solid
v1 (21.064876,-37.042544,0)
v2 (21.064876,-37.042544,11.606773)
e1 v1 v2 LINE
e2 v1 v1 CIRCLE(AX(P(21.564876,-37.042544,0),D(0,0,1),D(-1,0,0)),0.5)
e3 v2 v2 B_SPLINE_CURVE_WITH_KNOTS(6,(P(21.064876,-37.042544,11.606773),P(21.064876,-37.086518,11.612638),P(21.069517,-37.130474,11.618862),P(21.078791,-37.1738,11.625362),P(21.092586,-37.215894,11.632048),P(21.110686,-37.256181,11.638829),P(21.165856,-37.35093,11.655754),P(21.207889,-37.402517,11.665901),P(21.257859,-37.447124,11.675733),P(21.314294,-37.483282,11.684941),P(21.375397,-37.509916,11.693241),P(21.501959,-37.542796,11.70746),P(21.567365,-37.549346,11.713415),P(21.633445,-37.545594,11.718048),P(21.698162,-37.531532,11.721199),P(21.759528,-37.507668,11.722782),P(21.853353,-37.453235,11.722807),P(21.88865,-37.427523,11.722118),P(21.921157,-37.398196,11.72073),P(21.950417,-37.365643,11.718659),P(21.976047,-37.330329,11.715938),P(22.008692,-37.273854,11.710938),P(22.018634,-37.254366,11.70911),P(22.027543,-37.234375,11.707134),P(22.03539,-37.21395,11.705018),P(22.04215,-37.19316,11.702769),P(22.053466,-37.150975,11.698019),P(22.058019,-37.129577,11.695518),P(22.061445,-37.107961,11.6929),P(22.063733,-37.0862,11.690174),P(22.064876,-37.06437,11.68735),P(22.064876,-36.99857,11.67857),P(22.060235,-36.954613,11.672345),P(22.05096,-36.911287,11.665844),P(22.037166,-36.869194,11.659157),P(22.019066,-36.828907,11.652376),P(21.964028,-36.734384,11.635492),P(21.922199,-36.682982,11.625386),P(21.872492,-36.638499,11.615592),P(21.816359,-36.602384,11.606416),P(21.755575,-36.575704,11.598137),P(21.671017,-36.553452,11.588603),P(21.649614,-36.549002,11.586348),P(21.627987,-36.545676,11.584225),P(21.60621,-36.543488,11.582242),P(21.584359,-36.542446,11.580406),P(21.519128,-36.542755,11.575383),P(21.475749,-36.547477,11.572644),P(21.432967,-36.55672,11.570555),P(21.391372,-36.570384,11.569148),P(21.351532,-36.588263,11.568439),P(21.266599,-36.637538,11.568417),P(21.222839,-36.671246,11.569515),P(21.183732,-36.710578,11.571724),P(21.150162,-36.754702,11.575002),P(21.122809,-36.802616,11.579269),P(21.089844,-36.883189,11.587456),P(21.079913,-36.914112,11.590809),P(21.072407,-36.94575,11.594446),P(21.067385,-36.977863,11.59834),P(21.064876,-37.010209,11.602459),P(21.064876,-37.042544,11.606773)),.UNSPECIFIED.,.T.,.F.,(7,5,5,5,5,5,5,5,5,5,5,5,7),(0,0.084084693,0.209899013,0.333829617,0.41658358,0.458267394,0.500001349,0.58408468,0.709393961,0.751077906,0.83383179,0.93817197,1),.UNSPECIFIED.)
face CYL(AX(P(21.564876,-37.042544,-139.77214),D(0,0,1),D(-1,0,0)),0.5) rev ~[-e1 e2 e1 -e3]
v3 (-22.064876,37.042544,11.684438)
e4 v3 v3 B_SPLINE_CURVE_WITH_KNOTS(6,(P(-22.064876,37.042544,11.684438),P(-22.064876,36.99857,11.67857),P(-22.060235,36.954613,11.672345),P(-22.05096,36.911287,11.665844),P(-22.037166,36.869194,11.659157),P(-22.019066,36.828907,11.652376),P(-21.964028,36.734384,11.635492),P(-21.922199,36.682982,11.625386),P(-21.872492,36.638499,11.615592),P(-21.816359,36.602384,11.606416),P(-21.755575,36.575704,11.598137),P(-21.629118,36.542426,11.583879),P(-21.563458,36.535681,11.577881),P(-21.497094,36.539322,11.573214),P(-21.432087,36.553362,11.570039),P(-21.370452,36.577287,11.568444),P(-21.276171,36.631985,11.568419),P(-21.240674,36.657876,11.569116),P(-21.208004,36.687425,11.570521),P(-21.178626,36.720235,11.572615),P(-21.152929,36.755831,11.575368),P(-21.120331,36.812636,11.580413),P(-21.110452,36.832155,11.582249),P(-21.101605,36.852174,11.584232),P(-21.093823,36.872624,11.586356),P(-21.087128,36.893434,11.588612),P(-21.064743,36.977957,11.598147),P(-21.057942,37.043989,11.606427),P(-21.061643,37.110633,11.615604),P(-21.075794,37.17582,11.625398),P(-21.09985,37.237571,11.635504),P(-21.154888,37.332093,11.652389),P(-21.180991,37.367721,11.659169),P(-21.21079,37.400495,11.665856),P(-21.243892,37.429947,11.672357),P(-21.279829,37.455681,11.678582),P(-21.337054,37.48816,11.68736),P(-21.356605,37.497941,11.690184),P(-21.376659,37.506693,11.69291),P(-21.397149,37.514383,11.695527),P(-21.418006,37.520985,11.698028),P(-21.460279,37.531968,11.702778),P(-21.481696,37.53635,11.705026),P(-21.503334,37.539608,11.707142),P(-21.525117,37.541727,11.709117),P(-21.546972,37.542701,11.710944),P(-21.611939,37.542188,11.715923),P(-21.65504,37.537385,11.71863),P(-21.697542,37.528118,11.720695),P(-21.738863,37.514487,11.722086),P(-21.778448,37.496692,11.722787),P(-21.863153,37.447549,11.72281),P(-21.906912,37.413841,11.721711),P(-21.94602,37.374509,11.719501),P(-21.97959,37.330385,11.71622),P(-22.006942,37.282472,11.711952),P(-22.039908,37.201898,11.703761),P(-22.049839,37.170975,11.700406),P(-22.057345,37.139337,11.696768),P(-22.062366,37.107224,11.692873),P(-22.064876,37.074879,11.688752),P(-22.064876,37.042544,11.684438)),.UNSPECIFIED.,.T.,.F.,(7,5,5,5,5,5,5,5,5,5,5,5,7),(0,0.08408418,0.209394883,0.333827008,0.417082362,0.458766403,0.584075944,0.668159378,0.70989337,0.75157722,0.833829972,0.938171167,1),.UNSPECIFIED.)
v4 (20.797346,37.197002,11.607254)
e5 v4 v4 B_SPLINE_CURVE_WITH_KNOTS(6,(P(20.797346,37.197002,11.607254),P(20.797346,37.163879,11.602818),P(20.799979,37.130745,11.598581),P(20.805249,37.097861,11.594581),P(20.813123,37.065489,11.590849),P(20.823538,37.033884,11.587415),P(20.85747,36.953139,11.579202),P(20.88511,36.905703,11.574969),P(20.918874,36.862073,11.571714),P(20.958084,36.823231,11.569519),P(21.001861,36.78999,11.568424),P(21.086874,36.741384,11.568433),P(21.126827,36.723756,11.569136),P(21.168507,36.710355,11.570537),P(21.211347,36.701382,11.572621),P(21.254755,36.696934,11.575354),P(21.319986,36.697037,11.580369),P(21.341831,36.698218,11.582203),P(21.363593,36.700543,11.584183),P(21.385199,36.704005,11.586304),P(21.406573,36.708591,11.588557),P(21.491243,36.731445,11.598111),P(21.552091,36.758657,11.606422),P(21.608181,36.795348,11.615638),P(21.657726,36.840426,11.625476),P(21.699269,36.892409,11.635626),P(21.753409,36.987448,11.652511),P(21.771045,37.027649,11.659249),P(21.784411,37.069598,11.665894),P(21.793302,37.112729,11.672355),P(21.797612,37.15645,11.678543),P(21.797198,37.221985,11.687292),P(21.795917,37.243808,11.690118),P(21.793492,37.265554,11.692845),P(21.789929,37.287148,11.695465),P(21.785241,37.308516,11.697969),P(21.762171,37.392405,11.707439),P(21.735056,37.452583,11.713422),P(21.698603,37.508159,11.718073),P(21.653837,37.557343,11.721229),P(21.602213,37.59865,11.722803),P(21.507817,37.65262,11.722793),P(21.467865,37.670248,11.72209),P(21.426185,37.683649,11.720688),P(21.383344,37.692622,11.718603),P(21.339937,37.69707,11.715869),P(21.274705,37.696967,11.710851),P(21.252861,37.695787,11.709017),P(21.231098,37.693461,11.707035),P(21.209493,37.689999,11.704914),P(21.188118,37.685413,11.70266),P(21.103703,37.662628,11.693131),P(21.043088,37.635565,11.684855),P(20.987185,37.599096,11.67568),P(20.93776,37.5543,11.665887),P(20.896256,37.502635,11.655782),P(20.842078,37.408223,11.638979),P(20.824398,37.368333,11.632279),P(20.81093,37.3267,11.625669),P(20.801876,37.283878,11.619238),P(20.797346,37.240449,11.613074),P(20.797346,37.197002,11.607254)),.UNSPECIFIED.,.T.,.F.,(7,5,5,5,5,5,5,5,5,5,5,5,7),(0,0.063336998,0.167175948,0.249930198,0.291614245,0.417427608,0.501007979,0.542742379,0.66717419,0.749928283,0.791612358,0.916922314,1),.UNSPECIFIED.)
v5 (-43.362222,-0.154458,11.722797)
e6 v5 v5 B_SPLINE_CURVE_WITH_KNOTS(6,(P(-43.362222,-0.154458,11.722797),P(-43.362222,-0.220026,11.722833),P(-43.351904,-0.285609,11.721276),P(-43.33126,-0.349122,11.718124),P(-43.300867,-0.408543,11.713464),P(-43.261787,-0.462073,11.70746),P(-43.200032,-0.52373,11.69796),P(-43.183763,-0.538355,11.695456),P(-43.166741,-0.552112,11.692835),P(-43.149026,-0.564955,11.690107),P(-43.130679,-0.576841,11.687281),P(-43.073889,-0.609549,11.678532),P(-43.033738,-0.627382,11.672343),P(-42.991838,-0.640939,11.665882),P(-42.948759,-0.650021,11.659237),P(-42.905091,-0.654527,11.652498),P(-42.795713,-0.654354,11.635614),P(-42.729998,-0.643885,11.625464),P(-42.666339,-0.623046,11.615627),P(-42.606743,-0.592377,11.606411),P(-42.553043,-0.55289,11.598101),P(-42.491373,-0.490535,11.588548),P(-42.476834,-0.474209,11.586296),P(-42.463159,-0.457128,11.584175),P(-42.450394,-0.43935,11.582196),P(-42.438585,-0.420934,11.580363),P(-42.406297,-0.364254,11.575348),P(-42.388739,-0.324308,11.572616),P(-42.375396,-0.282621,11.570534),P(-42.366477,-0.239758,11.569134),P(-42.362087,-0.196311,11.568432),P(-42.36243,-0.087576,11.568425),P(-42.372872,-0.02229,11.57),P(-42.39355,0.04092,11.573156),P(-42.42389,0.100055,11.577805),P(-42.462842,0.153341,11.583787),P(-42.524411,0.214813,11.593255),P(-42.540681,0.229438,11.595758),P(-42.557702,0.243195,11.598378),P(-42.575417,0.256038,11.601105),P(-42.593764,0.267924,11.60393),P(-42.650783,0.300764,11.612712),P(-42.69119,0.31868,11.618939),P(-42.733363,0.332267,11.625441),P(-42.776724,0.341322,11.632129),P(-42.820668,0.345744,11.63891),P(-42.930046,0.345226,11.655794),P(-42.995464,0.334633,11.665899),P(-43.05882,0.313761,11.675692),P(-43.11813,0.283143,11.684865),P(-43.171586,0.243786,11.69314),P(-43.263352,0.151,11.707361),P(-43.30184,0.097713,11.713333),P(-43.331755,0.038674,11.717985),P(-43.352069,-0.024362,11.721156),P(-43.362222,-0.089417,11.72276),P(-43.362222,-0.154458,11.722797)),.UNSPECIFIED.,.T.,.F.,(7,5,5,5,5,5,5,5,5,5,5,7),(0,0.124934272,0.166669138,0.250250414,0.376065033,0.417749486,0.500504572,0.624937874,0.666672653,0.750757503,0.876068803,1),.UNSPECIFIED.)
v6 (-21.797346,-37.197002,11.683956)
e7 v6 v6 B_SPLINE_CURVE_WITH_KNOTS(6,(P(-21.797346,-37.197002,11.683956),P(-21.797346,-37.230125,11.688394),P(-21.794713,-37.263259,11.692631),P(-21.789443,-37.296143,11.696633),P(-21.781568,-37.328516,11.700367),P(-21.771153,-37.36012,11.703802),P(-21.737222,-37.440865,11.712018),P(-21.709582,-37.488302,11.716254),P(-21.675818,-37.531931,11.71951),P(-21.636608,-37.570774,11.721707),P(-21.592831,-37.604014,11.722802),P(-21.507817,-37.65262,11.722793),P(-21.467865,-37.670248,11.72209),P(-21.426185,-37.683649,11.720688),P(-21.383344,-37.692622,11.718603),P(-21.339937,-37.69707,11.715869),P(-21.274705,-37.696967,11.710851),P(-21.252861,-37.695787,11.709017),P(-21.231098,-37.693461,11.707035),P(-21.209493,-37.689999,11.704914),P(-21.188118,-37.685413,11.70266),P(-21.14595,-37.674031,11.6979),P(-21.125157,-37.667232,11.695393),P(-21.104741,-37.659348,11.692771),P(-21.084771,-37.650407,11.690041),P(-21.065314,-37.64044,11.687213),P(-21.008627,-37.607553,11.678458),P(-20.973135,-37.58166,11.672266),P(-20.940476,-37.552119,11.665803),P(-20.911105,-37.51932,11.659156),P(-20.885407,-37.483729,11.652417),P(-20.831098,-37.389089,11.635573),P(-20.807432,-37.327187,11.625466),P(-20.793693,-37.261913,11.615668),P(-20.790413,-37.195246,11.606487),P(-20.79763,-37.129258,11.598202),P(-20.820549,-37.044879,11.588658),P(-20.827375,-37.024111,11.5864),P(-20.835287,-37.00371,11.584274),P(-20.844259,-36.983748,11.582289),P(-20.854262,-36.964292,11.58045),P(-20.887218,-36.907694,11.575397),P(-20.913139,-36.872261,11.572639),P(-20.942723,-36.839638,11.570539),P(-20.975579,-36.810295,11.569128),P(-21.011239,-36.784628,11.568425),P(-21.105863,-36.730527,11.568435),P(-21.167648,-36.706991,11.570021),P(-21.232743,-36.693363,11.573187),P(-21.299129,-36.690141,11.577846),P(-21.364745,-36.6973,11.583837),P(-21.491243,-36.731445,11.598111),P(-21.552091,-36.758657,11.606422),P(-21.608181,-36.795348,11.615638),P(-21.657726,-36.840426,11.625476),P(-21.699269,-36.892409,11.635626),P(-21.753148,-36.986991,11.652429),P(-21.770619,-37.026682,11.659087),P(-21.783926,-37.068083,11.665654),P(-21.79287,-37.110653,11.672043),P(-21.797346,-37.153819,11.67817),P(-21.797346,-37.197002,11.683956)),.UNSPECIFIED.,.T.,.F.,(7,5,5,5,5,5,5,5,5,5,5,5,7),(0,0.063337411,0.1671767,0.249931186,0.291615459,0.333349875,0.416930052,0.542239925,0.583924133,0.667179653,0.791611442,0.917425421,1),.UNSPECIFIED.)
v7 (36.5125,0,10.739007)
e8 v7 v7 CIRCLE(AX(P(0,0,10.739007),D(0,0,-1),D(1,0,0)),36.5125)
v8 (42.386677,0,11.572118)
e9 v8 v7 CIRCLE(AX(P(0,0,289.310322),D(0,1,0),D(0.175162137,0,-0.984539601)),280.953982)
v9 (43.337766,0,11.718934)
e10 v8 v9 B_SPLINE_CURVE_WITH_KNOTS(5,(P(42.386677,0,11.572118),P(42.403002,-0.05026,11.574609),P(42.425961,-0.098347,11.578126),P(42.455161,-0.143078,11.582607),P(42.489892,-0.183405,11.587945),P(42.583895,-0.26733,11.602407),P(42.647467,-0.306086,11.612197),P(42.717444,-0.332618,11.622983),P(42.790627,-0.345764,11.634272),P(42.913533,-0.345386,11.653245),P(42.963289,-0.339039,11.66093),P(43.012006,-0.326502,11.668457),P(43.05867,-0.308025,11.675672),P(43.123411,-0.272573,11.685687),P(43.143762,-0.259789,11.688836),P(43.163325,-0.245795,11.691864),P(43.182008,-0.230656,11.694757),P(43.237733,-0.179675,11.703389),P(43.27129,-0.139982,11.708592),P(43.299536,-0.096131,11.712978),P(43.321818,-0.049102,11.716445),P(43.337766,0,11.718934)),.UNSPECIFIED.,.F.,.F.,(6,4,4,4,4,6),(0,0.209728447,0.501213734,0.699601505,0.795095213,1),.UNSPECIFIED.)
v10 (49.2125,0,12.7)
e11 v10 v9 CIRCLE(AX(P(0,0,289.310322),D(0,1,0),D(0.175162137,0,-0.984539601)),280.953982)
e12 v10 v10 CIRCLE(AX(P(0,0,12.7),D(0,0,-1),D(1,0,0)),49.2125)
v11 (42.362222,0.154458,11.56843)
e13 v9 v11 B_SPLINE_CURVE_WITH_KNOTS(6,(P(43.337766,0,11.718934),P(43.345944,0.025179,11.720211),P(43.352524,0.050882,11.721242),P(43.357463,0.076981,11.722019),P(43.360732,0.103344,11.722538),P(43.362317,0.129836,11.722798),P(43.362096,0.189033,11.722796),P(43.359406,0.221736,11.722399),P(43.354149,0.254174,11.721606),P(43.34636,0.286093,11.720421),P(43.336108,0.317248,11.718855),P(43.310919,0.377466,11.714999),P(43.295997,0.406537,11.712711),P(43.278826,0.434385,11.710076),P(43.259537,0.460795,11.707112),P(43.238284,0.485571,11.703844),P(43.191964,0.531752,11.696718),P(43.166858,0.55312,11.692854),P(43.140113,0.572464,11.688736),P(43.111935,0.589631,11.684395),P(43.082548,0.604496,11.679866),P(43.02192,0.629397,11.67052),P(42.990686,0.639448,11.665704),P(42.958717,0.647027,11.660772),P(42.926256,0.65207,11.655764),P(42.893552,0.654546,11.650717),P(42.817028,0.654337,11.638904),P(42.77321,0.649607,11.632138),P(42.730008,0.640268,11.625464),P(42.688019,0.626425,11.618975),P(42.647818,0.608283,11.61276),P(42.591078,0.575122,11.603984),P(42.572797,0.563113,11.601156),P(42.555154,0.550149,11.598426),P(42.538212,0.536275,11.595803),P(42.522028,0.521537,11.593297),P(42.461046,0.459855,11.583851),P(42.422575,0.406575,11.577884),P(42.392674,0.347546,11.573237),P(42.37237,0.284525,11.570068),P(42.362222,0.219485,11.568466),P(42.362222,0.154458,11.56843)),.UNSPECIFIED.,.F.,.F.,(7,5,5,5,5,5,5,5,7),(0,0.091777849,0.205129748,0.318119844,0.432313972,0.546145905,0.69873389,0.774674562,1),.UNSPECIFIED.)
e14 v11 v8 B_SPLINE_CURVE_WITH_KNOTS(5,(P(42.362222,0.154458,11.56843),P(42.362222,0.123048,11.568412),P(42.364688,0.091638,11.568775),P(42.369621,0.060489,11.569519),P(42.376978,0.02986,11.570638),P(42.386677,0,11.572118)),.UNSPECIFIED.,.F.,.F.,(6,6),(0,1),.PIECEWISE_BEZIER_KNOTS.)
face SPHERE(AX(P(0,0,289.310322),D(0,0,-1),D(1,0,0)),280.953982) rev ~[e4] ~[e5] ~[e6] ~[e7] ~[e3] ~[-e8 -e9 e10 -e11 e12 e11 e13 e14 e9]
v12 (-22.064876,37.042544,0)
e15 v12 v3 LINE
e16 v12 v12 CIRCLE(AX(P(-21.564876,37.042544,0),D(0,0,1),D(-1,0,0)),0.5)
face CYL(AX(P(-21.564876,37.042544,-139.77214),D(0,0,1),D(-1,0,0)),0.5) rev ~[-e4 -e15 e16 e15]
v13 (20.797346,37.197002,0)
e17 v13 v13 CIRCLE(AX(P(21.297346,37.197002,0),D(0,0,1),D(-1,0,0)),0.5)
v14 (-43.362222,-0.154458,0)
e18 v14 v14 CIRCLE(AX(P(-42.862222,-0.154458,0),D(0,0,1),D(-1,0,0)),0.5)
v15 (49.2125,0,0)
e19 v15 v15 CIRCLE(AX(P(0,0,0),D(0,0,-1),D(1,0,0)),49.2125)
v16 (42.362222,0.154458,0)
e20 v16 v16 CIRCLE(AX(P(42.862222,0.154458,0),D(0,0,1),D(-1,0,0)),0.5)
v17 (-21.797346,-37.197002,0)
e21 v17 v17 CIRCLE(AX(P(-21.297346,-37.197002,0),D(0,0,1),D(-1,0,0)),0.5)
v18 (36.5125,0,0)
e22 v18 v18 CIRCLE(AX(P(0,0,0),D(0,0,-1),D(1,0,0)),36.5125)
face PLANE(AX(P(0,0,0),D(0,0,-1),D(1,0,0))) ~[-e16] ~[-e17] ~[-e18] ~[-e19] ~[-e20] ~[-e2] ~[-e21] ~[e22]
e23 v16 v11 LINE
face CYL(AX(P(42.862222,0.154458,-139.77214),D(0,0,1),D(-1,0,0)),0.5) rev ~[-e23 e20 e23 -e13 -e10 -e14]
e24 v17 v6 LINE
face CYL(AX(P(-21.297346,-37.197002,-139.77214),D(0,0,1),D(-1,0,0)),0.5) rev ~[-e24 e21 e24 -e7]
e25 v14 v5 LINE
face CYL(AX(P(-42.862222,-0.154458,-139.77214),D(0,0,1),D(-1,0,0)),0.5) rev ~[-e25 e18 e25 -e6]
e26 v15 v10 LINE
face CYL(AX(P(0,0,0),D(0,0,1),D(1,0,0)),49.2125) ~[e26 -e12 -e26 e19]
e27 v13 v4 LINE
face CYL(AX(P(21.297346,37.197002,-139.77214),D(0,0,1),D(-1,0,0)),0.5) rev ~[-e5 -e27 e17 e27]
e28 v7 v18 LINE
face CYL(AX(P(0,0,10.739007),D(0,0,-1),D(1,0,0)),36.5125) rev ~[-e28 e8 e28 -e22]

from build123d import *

# Parameters (mm, degrees)
F4_D = 1


with BuildPart() as f2:
    # F1 (on Front) → F2 (revolve)
    with BuildSketch(Plane.XZ):
        with BuildLine():
            ThreePointArc((49.2125, 12.7), (42.8737131583, 11.6468834383), (36.5125, 10.7390066457))
            Line((36.5125, 10.7390066457), (36.5125, 0))
            Line((36.5125, 0), (49.2125, 0))
            Line((49.2125, 0), (49.2125, 12.7))
        make_face()
    revolve(axis=Axis((0, 0, -0.7509738207), (0, 0, -1)))

    # F4 (through all)
    with Locations(Plane(origin=(0, 0, 0), x_dir=(1, 0, 0), z_dir=(0, 0, -1))):
        with Locations((-21.297345864, 37.1970021023), (21.5648758332, 37.0425436026), (42.8622216972, -0.1544584998), (21.297345864, -37.1970021023), (-21.5648758332, -37.0425436026), (-42.8622216972, 0.1544584998)):
            Hole(F4_D / 2)


solid = f2.part
